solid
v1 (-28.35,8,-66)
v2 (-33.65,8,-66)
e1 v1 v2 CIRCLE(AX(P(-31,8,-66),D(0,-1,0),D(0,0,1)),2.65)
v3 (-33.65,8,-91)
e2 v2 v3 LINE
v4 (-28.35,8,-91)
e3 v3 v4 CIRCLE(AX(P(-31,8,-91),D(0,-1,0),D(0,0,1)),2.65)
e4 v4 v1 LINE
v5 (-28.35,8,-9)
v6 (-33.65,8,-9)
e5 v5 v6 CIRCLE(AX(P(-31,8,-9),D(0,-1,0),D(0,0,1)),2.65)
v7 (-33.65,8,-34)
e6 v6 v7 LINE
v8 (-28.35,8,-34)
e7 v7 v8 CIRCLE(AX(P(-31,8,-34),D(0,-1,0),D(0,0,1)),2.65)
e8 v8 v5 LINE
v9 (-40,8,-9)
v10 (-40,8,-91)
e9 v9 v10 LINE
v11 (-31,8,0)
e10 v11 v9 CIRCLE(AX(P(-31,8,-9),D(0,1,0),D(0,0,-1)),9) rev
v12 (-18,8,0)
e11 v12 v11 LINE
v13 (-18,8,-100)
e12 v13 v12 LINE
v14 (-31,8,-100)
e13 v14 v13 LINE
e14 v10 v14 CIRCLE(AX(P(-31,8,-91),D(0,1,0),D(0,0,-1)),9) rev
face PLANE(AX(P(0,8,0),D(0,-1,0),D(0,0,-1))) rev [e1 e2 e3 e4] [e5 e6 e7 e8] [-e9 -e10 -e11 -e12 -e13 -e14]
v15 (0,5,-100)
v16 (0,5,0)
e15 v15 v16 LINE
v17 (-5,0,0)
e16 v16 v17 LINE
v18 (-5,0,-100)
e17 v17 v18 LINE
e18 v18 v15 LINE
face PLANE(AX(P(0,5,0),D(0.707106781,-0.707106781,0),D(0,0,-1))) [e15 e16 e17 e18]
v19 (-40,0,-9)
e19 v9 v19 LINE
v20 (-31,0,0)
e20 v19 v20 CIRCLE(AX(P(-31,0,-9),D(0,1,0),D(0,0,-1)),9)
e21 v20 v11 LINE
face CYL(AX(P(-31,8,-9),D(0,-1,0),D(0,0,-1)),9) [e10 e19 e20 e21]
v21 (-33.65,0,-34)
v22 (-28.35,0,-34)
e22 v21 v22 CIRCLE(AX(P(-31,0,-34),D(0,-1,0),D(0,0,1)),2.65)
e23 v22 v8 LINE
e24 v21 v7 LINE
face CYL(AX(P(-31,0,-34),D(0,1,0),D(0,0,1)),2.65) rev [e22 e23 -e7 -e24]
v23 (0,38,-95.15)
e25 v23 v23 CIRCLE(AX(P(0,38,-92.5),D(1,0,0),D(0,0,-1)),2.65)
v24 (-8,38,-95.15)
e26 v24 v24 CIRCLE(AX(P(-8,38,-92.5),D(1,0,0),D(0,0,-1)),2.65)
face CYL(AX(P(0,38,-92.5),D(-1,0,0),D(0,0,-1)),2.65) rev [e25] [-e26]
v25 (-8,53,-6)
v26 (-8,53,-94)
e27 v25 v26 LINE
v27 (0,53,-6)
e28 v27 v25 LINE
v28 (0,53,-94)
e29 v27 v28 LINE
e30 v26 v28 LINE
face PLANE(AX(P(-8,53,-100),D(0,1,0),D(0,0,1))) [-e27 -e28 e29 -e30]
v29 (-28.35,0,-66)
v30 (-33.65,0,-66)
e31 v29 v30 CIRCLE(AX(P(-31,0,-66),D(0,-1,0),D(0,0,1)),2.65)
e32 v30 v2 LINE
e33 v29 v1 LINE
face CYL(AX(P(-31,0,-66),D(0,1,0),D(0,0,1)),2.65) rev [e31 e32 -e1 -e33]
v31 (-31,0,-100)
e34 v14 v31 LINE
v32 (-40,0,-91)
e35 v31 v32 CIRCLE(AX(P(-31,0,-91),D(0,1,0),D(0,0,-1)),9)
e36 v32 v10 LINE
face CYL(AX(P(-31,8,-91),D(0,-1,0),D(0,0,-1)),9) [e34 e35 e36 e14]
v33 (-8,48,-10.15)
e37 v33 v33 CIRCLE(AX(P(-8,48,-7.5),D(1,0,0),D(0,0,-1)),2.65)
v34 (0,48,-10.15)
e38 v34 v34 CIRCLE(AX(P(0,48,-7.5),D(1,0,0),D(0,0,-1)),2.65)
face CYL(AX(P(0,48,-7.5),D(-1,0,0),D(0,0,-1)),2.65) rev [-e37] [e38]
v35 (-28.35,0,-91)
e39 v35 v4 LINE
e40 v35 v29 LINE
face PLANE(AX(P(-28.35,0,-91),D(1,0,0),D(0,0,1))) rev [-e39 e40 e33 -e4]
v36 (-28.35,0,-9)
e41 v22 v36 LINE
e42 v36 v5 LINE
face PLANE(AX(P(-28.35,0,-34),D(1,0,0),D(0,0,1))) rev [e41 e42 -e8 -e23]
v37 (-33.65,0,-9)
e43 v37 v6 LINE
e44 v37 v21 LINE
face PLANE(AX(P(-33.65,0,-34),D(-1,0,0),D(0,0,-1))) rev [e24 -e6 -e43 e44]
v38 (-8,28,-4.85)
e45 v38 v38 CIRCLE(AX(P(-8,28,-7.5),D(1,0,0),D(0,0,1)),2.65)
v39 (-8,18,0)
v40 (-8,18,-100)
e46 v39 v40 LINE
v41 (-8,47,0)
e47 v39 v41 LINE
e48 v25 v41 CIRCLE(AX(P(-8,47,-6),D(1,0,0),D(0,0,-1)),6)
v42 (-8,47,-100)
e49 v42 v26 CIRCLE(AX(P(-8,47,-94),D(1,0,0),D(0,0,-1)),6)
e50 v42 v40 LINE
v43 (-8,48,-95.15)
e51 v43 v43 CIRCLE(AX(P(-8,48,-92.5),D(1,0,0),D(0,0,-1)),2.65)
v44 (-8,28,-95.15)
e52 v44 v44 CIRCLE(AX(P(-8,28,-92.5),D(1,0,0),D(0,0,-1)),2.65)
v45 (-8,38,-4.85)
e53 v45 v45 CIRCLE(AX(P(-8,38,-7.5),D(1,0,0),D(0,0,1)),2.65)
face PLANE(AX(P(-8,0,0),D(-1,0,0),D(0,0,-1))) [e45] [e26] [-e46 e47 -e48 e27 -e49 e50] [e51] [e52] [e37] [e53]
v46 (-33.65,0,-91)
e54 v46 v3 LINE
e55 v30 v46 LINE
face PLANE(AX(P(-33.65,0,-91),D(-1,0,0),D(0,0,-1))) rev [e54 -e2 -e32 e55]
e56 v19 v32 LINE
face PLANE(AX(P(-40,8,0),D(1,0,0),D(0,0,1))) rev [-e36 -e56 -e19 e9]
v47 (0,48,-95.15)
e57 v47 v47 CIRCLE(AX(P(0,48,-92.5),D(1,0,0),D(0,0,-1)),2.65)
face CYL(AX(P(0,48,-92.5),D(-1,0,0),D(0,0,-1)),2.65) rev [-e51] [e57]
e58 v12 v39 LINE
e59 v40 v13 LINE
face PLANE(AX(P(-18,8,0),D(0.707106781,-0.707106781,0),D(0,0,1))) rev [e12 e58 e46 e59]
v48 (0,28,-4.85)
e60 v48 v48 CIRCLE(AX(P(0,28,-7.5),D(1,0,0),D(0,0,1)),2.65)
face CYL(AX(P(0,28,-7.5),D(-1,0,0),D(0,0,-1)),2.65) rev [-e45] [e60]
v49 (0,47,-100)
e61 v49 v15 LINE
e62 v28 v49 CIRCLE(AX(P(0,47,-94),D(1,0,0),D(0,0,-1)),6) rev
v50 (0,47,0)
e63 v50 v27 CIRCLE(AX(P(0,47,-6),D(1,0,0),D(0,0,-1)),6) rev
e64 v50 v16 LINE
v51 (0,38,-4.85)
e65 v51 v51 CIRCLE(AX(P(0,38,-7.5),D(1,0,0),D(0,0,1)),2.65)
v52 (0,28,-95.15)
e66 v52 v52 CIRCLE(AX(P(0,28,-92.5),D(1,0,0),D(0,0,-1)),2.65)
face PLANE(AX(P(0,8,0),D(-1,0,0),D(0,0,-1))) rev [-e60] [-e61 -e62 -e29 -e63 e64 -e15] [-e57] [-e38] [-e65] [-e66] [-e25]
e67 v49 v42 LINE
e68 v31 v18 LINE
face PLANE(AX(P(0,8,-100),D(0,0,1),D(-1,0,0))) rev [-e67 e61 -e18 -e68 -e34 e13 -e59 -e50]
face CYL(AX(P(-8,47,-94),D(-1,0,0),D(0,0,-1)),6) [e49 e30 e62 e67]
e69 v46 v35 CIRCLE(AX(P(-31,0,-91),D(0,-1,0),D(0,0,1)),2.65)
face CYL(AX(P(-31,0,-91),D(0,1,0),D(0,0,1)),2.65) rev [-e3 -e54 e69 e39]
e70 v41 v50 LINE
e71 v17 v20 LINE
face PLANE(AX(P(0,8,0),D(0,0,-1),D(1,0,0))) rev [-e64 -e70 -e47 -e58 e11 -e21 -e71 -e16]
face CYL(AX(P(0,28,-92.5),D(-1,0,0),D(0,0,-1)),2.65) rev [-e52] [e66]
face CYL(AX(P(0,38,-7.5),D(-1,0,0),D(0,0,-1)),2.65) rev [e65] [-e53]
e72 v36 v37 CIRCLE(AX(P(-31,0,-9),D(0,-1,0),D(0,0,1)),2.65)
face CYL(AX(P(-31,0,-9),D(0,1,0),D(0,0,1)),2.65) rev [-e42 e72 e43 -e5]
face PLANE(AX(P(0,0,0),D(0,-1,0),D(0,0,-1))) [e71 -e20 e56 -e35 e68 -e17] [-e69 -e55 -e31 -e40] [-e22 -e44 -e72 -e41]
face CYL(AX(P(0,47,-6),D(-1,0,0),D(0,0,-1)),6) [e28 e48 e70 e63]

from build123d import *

# Parameters (mm, degrees)
SKETCH1_W           = 40
SKETCH1_H           = 100
BOSS_EXTRUDE1_DEPTH = 8
SKETCH2_W           = 100
SKETCH2_H           = 53
BOSS_EXTRUDE2_DEPTH = 8
SKETCH3_R           = 2.65
CUT_EXTRUDE1_DEPTH  = 9
FILLET1_R           = 6
CHAMFER2_SIZE       = 10
FILLET3_R           = 9
CUT_EXTRUDE3_DEPTH  = 9
CHAMFER1_SIZE       = 5


with BuildPart() as part:
    # Sketch1 → Boss-Extrude1 (new body)
    with BuildSketch(Plane(origin=(0, 0, 0), x_dir=(1, 0, 0), z_dir=(0, 1, 0))):
        with Locations((20, 50)):
            Rectangle(SKETCH1_W, SKETCH1_H)
    extrude(amount=BOSS_EXTRUDE1_DEPTH)

    # Sketch2 → Boss-Extrude2 (add)
    with BuildSketch(Plane.ZY):
        with Locations((-50, 26.5)):
            Rectangle(SKETCH2_W, SKETCH2_H)
    extrude(amount=-BOSS_EXTRUDE2_DEPTH)

    # Sketch3 → Cut-Extrude1 (cut, through all)
    with BuildSketch(Plane(origin=(8, 0, 0), x_dir=(0, 0, -1), z_dir=(1, 0, 0))):
        with Locations((7.5, 48)):
            Circle(SKETCH3_R)
        with Locations((92.5, 28)):
            Circle(SKETCH3_R)
        with Locations((92.5, 48)):
            Circle(SKETCH3_R)
        with Locations((92.5, 38)):
            Circle(SKETCH3_R)
        with Locations((7.5, 28)):
            Circle(SKETCH3_R)
        with Locations((7.5, 38)):
            Circle(SKETCH3_R)
    extrude(amount=-CUT_EXTRUDE1_DEPTH, mode=Mode.SUBTRACT)

    # Fillet1
    fillet1_edges = [part.edges().sort_by_distance(p)[0] for p in [
        (4, 53, 0),
        (4, 53, -100),
    ]]
    fillet(fillet1_edges, radius=FILLET1_R)

    # Chamfer2
    chamfer2_edges = [part.edges().sort_by_distance(p)[0] for p in [
        (8, 8, -50),
    ]]
    chamfer(chamfer2_edges, length=CHAMFER2_SIZE)

    # Fillet3
    fillet3_edges = [part.edges().sort_by_distance(p)[0] for p in [
        (40, 4, -100),
        (40, 4, 0),
    ]]
    fillet(fillet3_edges, radius=FILLET3_R)

    # Sketch5 → Cut-Extrude3 (cut, through all)
    with BuildSketch(Plane(origin=(0, 8, 0), x_dir=(1, 0, 0), z_dir=(0, 1, 0))):
        with BuildLine():
            Line((33.65, 91), (33.65, 66))
            ThreePointArc((33.65, 66), (31, 63.35), (28.35, 66))
            Line((28.35, 66), (28.35, 91))
            ThreePointArc((28.35, 91), (31, 93.65), (33.65, 91))
        make_face()
        with BuildLine():
            Line((33.65, 34), (33.65, 9))
            ThreePointArc((33.65, 9), (31, 6.35), (28.35, 9))
            Line((28.35, 9), (28.35, 34))
            ThreePointArc((28.35, 34), (31, 36.65), (33.65, 34))
        make_face()
    extrude(amount=-CUT_EXTRUDE3_DEPTH, mode=Mode.SUBTRACT)

    # Chamfer1
    chamfer1_edges = [part.edges().sort_by_distance(p)[0] for p in [
        (0, 0, -50),
    ]]
    chamfer(chamfer1_edges, length=CHAMFER1_SIZE)


with BuildPart() as body_2:
    # Mirror1: mirrored copy
    add(part.part.mirror(Plane(origin=(0, 8, 0), x_dir=(0, 0, 1), z_dir=(1, 0, 0))))


solid = body_2.part
